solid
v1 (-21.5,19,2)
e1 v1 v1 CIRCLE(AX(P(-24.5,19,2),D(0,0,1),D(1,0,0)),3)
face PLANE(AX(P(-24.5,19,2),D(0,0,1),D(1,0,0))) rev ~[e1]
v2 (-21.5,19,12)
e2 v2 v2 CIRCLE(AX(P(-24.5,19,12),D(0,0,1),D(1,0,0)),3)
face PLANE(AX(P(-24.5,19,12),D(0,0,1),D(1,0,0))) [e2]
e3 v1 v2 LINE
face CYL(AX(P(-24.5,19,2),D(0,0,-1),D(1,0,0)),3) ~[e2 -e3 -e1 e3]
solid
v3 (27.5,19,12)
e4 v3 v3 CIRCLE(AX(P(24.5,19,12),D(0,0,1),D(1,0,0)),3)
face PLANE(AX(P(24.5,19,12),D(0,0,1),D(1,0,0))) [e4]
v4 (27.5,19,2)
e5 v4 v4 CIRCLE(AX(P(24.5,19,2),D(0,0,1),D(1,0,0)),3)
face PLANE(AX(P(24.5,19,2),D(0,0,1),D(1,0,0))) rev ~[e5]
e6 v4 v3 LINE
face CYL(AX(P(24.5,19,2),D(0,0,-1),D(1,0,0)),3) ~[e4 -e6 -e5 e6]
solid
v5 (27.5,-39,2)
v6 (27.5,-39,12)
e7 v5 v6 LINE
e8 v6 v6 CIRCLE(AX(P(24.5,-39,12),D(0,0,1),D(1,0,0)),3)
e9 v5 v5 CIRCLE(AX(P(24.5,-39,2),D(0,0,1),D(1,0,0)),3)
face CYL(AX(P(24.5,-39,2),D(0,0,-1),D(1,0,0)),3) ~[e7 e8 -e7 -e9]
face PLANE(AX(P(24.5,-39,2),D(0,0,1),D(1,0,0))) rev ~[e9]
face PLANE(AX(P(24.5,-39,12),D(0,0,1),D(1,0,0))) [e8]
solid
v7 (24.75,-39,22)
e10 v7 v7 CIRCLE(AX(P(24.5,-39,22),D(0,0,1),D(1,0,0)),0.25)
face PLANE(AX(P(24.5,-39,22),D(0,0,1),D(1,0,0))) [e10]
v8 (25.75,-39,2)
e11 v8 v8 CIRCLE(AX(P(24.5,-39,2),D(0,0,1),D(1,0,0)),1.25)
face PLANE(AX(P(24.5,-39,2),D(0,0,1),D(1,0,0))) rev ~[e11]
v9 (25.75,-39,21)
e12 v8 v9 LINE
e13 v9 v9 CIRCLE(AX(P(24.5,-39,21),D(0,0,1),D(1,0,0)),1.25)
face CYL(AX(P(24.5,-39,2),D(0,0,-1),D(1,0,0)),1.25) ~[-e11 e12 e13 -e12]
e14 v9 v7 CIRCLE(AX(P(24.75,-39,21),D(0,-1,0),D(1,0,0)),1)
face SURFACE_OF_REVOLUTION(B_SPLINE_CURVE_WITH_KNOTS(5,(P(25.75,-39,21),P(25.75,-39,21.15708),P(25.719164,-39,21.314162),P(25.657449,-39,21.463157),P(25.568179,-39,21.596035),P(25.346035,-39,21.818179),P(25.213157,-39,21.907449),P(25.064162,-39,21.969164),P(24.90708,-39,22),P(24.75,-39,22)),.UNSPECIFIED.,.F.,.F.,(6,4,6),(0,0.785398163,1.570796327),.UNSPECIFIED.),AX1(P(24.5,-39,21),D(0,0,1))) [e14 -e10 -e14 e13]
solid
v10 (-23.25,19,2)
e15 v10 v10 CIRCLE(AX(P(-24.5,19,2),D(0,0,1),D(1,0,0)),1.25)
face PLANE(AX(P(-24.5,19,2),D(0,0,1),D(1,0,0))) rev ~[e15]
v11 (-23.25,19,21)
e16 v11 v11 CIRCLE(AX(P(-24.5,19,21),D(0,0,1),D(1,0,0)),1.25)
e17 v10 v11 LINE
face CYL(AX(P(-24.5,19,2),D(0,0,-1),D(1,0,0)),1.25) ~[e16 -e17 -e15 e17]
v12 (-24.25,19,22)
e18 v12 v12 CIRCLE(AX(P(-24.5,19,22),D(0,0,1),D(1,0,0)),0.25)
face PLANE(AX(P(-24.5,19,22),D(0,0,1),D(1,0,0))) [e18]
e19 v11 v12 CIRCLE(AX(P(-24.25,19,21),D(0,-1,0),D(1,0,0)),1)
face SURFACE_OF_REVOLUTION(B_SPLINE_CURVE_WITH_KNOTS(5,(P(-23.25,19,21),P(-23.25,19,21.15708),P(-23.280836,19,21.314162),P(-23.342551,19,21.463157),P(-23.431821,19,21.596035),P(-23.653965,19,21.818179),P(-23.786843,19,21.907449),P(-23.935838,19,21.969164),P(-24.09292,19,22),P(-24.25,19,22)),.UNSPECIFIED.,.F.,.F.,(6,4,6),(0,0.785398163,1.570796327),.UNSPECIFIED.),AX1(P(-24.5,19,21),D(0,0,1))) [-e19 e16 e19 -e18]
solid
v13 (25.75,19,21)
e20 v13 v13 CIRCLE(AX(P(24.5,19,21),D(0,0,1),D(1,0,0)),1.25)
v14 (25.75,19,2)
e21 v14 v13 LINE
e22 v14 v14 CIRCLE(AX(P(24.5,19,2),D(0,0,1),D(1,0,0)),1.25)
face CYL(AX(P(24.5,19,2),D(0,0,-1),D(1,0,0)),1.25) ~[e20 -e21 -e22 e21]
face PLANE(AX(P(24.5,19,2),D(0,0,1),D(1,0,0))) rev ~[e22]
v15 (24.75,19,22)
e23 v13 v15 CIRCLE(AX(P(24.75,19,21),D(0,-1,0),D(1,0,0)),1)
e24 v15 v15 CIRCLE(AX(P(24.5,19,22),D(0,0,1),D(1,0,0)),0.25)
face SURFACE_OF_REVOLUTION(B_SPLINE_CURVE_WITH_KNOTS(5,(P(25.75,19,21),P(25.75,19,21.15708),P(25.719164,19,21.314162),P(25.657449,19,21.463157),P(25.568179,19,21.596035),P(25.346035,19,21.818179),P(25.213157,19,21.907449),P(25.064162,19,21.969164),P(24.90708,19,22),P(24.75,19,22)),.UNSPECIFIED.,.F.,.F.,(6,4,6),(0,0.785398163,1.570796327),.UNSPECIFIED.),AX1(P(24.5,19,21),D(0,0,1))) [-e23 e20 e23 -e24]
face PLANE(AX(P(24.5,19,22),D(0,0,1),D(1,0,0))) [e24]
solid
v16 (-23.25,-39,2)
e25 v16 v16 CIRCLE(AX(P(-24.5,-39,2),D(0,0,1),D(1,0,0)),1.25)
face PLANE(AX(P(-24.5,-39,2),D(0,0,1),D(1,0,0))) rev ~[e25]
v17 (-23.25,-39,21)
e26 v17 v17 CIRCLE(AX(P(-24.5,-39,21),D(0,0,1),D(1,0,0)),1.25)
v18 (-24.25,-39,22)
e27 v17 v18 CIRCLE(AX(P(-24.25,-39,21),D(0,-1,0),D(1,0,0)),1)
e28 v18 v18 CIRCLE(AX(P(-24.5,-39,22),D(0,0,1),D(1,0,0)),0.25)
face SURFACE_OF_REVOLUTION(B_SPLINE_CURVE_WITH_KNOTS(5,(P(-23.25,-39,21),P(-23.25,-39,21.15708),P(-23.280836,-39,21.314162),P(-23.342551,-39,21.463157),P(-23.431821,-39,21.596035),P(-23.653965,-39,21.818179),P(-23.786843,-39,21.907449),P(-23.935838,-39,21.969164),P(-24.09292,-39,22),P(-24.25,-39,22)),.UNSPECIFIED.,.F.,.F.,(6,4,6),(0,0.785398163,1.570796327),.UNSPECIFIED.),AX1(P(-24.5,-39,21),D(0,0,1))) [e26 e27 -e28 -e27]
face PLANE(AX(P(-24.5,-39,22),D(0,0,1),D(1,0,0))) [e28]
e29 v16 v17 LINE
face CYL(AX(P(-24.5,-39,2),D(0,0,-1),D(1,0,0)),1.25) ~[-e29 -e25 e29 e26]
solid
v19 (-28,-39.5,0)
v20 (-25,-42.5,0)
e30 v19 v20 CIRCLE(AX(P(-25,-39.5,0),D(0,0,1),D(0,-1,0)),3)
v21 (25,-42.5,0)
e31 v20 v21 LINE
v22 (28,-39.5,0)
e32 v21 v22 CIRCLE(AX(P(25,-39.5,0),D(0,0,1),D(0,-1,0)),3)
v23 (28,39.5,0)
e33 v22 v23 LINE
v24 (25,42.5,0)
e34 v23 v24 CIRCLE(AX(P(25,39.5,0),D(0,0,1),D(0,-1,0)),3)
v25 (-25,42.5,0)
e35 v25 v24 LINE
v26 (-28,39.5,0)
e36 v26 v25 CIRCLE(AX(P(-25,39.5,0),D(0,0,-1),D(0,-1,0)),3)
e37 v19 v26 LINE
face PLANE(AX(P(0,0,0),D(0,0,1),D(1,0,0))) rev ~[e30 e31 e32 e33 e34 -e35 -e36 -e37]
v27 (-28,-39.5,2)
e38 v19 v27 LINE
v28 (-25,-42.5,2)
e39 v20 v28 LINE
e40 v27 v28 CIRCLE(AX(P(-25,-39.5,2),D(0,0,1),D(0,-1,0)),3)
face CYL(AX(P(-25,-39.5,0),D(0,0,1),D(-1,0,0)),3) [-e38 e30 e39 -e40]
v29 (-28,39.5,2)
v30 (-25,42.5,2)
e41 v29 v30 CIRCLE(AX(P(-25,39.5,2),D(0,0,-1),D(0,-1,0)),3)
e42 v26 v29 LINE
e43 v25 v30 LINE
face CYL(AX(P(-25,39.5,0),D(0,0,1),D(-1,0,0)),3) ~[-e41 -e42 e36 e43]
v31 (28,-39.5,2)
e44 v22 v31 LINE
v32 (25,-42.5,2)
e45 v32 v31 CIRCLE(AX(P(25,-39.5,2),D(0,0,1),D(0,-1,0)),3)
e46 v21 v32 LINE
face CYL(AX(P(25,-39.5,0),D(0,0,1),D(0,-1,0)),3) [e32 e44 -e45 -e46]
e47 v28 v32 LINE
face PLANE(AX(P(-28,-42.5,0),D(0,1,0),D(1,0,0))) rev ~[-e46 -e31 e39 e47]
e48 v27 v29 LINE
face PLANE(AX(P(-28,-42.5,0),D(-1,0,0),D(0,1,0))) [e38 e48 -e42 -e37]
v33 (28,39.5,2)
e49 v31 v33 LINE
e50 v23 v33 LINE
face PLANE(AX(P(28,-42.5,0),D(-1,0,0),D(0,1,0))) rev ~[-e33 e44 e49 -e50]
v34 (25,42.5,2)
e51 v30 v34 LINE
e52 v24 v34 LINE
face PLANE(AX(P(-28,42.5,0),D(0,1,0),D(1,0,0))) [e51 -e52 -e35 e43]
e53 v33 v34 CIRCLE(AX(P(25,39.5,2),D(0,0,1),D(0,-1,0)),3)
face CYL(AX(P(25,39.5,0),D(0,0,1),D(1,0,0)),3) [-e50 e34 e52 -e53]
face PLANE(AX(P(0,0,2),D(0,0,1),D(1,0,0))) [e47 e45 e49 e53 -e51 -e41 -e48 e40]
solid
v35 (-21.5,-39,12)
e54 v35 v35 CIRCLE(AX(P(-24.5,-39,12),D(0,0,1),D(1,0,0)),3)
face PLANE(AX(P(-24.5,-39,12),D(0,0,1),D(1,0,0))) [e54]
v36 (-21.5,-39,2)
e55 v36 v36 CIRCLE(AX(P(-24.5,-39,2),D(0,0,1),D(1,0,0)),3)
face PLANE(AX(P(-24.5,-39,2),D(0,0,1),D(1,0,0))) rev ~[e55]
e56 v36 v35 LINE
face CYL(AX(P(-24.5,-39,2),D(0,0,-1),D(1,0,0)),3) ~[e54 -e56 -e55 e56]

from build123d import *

# Parameters (mm, degrees)
F0_W     = 56
F0_H     = 85
F1_DEPTH = 2
F2_R     = 3
F3_R     = 1.25
F5_DEPTH = 20
F4_R     = 3
F6_DEPTH = 10
F7_R     = 1


with BuildPart() as f1:
    # F0 (on Top) → F1 (new body)
    with BuildSketch(Plane.XY):
        Rectangle(F0_W, F0_H)
    extrude(amount=F1_DEPTH)

    # F2
    f2_edges = [f1.edges().sort_by_distance(p)[0] for p in [
        (-28, 42.5, 1),
        (28, 42.5, 1),
        (28, -42.5, 1),
        (-28, -42.5, 1),
    ]]
    fillet(f2_edges, radius=F2_R)


with BuildPart() as f5:
    # F3 (on face) → F5 (new body)
    with BuildSketch(Plane.XY.offset(2)):
        with Locations((-24.5, -39)):
            Circle(F3_R)
        with Locations((24.5, -39)):
            Circle(F3_R)
        with Locations((-24.5, 19)):
            Circle(F3_R)
        with Locations((24.5, 19)):
            Circle(F3_R)
    extrude(amount=F5_DEPTH)

    # F7
    f7_edges = [f5.edges().sort_by_distance(p)[0] for p in [
        (-25.75, 19, 22),
        (-25.75, -39, 22),
        (23.25, -39, 22),
        (23.25, 19, 22),
    ]]
    fillet(f7_edges, radius=F7_R)


with BuildPart() as f6:
    # F4 (on face) → F6 (new body)
    with BuildSketch(Plane.XY.offset(2)):
        with Locations((-24.5, 19)):
            Circle(F4_R)
        with Locations((24.5, 19)):
            Circle(F4_R)
        with Locations((-24.5, -39)):
            Circle(F4_R)
        with Locations((24.5, -39)):
            Circle(F4_R)
    extrude(amount=F6_DEPTH)


solid = Compound([f1.part, f5.part, f6.part])
